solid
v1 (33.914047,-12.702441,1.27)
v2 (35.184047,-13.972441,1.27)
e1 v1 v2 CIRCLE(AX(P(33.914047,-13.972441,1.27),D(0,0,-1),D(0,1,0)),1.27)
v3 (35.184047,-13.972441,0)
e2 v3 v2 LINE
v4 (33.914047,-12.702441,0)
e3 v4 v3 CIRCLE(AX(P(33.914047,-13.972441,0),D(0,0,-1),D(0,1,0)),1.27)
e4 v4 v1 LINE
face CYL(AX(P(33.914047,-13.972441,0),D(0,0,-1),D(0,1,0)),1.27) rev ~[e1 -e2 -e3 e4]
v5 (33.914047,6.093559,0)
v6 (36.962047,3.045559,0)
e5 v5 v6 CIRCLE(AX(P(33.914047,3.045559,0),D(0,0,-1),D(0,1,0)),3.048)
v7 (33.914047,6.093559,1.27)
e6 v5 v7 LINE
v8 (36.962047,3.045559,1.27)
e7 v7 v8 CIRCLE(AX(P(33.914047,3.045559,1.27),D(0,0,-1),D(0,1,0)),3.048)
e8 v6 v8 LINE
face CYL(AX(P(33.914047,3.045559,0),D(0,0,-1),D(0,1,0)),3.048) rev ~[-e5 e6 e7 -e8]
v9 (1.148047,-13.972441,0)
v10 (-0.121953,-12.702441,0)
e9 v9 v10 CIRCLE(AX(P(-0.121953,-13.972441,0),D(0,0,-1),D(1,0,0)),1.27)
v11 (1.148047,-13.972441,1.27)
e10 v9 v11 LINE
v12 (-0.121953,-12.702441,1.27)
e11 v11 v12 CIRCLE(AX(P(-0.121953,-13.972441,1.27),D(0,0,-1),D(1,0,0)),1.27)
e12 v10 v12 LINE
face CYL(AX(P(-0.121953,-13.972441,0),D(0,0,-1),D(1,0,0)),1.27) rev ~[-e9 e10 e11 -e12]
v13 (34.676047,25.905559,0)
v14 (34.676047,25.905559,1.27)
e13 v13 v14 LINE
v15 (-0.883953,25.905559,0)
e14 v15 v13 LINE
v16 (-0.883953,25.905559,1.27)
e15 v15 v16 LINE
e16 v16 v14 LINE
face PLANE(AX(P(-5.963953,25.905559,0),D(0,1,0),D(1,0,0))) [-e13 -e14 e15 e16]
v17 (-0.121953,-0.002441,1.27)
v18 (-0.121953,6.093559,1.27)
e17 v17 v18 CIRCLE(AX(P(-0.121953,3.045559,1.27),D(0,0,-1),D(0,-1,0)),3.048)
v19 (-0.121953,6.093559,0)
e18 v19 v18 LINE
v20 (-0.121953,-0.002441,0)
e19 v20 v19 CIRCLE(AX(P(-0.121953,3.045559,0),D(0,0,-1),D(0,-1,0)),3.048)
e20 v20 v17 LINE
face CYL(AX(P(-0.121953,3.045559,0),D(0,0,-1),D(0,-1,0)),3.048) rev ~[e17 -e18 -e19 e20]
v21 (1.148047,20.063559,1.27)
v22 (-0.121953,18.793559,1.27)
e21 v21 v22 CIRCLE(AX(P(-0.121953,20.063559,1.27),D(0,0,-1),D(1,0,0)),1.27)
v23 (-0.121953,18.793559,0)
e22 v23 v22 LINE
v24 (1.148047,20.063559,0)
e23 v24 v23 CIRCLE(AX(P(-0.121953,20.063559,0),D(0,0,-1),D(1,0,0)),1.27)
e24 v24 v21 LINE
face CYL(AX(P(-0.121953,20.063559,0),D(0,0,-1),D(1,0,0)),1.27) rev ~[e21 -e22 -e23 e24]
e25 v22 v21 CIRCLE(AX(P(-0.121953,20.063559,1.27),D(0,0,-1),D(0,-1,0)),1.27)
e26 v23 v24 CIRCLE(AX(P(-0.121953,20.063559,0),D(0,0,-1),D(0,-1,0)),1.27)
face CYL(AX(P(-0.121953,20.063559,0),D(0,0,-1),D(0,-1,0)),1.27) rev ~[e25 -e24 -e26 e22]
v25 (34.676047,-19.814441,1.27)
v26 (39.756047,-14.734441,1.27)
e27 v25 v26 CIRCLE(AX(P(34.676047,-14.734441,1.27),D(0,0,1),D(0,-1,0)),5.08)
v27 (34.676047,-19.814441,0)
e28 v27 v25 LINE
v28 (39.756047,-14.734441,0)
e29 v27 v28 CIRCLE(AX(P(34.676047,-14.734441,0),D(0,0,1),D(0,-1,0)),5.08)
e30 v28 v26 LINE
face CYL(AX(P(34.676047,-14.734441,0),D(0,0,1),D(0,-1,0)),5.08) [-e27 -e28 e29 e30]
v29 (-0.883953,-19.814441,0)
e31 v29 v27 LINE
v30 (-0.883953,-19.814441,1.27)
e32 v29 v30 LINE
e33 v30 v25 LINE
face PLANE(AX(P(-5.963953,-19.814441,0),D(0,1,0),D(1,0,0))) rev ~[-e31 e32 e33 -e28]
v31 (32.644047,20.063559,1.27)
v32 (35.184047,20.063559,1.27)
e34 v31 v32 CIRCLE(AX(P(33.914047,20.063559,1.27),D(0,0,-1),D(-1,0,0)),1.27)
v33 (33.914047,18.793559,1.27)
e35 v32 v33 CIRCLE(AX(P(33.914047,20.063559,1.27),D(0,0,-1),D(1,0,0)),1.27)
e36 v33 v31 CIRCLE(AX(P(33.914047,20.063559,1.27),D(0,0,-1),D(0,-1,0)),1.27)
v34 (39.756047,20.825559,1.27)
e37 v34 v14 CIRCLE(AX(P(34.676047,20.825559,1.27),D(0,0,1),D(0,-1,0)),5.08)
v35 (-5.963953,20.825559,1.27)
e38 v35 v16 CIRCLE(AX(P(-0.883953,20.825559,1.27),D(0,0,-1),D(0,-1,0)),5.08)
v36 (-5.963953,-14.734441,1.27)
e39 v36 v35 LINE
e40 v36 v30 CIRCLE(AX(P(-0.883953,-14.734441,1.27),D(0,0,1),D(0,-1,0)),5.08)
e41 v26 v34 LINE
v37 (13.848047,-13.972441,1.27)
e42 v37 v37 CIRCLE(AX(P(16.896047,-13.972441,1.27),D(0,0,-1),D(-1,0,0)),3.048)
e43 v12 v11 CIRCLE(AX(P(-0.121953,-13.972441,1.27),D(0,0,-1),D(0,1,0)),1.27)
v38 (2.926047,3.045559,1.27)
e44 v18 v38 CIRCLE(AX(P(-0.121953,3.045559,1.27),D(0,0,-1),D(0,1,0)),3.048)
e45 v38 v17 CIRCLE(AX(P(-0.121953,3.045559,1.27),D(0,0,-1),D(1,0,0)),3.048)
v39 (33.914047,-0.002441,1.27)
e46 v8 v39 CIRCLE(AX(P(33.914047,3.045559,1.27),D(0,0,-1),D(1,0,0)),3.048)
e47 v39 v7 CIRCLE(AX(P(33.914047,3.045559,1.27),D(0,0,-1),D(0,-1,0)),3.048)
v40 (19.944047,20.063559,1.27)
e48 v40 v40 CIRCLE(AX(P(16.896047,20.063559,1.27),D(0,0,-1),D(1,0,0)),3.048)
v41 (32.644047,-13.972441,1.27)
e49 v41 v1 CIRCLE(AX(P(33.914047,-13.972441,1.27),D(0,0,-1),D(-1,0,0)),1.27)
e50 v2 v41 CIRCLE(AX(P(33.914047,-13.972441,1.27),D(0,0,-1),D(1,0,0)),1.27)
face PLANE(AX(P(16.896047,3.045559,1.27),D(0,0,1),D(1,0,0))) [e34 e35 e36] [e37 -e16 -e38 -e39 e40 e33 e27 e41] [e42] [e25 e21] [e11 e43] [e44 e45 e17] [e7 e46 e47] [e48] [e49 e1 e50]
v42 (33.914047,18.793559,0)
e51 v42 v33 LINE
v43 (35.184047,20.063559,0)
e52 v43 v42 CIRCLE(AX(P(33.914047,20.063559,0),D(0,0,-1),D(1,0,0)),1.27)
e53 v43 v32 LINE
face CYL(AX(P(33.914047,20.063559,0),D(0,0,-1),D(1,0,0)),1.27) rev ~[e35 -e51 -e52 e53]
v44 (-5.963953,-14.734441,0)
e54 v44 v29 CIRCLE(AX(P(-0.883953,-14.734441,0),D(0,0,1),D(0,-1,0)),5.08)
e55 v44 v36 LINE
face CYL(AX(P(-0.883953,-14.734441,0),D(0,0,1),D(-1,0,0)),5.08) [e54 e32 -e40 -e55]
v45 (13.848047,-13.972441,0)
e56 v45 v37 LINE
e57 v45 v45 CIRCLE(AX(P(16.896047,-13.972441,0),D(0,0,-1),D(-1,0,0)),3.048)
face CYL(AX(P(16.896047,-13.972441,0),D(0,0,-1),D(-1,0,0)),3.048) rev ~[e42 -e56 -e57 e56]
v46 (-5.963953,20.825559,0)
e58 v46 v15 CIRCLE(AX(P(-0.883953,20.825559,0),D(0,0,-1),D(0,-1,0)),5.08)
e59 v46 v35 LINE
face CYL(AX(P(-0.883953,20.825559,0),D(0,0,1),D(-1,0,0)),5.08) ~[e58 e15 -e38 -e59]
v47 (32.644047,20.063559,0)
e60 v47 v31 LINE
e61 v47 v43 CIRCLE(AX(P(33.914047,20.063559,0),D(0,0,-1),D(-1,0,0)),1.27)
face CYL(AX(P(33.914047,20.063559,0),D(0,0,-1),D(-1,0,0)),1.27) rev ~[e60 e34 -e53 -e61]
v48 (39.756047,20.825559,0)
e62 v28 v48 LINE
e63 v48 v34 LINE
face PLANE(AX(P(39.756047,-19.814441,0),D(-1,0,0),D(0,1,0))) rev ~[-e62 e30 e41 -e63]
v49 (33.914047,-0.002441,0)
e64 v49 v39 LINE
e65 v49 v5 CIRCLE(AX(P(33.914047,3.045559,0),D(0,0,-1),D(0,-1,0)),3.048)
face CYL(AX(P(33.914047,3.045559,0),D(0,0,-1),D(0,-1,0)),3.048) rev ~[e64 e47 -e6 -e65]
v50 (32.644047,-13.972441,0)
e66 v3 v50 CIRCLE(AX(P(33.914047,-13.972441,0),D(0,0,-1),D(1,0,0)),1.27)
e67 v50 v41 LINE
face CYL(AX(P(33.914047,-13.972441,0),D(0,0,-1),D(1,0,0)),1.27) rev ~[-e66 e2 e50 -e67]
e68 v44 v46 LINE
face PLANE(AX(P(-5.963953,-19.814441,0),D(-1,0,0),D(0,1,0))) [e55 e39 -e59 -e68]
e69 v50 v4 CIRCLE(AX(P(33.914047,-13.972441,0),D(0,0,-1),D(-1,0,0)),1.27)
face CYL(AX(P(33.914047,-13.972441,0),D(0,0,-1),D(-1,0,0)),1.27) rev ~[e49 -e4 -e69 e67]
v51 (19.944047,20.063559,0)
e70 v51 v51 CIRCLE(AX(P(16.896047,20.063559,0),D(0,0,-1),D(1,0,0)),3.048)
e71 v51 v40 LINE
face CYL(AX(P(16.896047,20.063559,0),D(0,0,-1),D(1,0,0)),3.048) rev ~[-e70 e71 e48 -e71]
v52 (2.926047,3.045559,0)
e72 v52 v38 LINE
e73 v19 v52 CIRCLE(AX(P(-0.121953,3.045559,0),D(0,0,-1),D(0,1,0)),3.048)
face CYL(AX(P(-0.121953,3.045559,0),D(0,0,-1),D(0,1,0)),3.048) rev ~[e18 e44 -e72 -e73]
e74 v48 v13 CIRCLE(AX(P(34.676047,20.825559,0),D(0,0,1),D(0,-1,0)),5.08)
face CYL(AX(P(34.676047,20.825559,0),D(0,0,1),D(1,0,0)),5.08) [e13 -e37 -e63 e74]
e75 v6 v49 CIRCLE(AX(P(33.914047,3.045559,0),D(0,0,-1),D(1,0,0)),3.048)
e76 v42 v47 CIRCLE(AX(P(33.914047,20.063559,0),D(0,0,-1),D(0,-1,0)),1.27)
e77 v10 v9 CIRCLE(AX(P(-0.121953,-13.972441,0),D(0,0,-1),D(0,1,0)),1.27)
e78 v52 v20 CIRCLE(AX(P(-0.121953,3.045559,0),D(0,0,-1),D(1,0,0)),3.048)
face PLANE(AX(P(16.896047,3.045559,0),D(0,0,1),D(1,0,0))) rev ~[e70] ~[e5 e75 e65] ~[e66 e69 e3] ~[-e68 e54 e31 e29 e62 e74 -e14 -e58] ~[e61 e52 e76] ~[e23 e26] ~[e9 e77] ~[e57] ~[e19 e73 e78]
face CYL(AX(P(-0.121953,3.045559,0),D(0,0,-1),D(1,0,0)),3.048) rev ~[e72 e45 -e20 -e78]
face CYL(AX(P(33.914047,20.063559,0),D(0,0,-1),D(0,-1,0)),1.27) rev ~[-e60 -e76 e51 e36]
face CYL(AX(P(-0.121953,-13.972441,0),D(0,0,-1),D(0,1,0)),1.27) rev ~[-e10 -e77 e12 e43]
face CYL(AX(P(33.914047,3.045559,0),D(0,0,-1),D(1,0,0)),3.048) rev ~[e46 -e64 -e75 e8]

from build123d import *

# Parameters (mm, degrees)
F0_W     = 45.72
F0_H     = 45.72
F1_DEPTH = 1.27
F2_R     = 5.08


with BuildPart() as f1:
    # F0 (on Top) → F1 (new body)
    with BuildSketch(Plane.XY):
        with Locations((16.8960465799, 3.0455592858)):
            Rectangle(F0_W, F0_H)
        with BuildLine():
            ThreePointArc((-0.1219534201, 18.7935592858), (-1.0199790322, 20.9615848979), (1.1480465799, 20.0635592858))
            Line((1.1480465799, 20.0635592858), (13.8480465799, 20.0635592858))
            ThreePointArc((13.8480465799, 20.0635592858), (16.8960465799, 23.1115592858), (19.9440465799, 20.0635592858))
            Line((19.9440465799, 20.0635592858), (32.6440465799, 20.0635592858))
            ThreePointArc((32.6440465799, 20.0635592858), (33.9140465799, 21.3335592858), (35.1840465799, 20.0635592858))
            ThreePointArc((35.1840465799, 20.0635592858), (34.812072192, 19.1655336737), (33.9140465799, 18.7935592858))
            Line((33.9140465799, 18.7935592858), (33.9140465799, 6.0935592858))
            ThreePointArc((33.9140465799, 6.0935592858), (36.0693080489, 5.2008207549), (36.9620465799, 3.0455592858))
            ThreePointArc((36.9620465799, 3.0455592858), (36.0693080489, 0.8902978167), (33.9140465799, -0.0024407142))
            Line((33.9140465799, -0.0024407142), (33.9140465799, -12.7024407142))
            ThreePointArc((33.9140465799, -12.7024407142), (34.812072192, -13.0744151021), (35.1840465799, -13.9724407142))
            ThreePointArc((35.1840465799, -13.9724407142), (33.9140465799, -15.2424407142), (32.6440465799, -13.9724407142))
            Line((32.6440465799, -13.9724407142), (19.9440465799, -13.9724407142))
            ThreePointArc((19.9440465799, -13.9724407142), (16.8960465799, -17.0204407142), (13.8480465799, -13.9724407142))
            Line((13.8480465799, -13.9724407142), (1.1480465799, -13.9724407142))
            ThreePointArc((1.1480465799, -13.9724407142), (-1.0199790322, -14.8704663263), (-0.1219534201, -12.7024407142))
            Line((-0.1219534201, -12.7024407142), (-0.1219534201, -0.0024407142))
            ThreePointArc((-0.1219534201, -0.0024407142), (-3.1699534201, 3.0455592858), (-0.1219534201, 6.0935592858))
            Line((-0.1219534201, 6.0935592858), (-0.1219534201, 18.7935592858))
        make_face(mode=Mode.SUBTRACT)
        with BuildLine():
            Line((13.8480465799, 20.0635592858), (1.1480465799, 20.0635592858))
            ThreePointArc((1.1480465799, 20.0635592858), (0.776072192, 19.1655336737), (-0.1219534201, 18.7935592858))
            Line((-0.1219534201, 18.7935592858), (-0.1219534201, 6.0935592858))
            ThreePointArc((-0.1219534201, 6.0935592858), (2.0333080489, 5.2008207549), (2.9260465799, 3.0455592858))
            ThreePointArc((2.9260465799, 3.0455592858), (2.0333080489, 0.8902978167), (-0.1219534201, -0.0024407142))
            Line((-0.1219534201, -0.0024407142), (-0.1219534201, -12.7024407142))
            ThreePointArc((-0.1219534201, -12.7024407142), (0.776072192, -13.0744151021), (1.1480465799, -13.9724407142))
            Line((1.1480465799, -13.9724407142), (13.8480465799, -13.9724407142))
            ThreePointArc((13.8480465799, -13.9724407142), (16.8960465799, -10.9244407142), (19.9440465799, -13.9724407142))
            Line((19.9440465799, -13.9724407142), (32.6440465799, -13.9724407142))
            ThreePointArc((32.6440465799, -13.9724407142), (33.0160209678, -13.0744151021), (33.9140465799, -12.7024407142))
            Line((33.9140465799, -12.7024407142), (33.9140465799, -0.0024407142))
            ThreePointArc((33.9140465799, -0.0024407142), (30.8660465799, 3.0455592858), (33.9140465799, 6.0935592858))
            Line((33.9140465799, 6.0935592858), (33.9140465799, 18.7935592858))
            ThreePointArc((33.9140465799, 18.7935592858), (33.0160209678, 19.1655336737), (32.6440465799, 20.0635592858))
            Line((32.6440465799, 20.0635592858), (19.9440465799, 20.0635592858))
            ThreePointArc((19.9440465799, 20.0635592858), (16.8960465799, 17.0155592858), (13.8480465799, 20.0635592858))
        make_face()
    extrude(amount=F1_DEPTH)

    # F2
    f2_edges = [f1.edges().sort_by_distance(p)[0] for p in [
        (-5.963953, -19.814441, 0.635),
        (39.756047, -19.814441, 0.635),
        (39.756047, 25.905559, 0.635),
        (-5.963953, 25.905559, 0.635),
    ]]
    fillet(f2_edges, radius=F2_R)


solid = f1.part
